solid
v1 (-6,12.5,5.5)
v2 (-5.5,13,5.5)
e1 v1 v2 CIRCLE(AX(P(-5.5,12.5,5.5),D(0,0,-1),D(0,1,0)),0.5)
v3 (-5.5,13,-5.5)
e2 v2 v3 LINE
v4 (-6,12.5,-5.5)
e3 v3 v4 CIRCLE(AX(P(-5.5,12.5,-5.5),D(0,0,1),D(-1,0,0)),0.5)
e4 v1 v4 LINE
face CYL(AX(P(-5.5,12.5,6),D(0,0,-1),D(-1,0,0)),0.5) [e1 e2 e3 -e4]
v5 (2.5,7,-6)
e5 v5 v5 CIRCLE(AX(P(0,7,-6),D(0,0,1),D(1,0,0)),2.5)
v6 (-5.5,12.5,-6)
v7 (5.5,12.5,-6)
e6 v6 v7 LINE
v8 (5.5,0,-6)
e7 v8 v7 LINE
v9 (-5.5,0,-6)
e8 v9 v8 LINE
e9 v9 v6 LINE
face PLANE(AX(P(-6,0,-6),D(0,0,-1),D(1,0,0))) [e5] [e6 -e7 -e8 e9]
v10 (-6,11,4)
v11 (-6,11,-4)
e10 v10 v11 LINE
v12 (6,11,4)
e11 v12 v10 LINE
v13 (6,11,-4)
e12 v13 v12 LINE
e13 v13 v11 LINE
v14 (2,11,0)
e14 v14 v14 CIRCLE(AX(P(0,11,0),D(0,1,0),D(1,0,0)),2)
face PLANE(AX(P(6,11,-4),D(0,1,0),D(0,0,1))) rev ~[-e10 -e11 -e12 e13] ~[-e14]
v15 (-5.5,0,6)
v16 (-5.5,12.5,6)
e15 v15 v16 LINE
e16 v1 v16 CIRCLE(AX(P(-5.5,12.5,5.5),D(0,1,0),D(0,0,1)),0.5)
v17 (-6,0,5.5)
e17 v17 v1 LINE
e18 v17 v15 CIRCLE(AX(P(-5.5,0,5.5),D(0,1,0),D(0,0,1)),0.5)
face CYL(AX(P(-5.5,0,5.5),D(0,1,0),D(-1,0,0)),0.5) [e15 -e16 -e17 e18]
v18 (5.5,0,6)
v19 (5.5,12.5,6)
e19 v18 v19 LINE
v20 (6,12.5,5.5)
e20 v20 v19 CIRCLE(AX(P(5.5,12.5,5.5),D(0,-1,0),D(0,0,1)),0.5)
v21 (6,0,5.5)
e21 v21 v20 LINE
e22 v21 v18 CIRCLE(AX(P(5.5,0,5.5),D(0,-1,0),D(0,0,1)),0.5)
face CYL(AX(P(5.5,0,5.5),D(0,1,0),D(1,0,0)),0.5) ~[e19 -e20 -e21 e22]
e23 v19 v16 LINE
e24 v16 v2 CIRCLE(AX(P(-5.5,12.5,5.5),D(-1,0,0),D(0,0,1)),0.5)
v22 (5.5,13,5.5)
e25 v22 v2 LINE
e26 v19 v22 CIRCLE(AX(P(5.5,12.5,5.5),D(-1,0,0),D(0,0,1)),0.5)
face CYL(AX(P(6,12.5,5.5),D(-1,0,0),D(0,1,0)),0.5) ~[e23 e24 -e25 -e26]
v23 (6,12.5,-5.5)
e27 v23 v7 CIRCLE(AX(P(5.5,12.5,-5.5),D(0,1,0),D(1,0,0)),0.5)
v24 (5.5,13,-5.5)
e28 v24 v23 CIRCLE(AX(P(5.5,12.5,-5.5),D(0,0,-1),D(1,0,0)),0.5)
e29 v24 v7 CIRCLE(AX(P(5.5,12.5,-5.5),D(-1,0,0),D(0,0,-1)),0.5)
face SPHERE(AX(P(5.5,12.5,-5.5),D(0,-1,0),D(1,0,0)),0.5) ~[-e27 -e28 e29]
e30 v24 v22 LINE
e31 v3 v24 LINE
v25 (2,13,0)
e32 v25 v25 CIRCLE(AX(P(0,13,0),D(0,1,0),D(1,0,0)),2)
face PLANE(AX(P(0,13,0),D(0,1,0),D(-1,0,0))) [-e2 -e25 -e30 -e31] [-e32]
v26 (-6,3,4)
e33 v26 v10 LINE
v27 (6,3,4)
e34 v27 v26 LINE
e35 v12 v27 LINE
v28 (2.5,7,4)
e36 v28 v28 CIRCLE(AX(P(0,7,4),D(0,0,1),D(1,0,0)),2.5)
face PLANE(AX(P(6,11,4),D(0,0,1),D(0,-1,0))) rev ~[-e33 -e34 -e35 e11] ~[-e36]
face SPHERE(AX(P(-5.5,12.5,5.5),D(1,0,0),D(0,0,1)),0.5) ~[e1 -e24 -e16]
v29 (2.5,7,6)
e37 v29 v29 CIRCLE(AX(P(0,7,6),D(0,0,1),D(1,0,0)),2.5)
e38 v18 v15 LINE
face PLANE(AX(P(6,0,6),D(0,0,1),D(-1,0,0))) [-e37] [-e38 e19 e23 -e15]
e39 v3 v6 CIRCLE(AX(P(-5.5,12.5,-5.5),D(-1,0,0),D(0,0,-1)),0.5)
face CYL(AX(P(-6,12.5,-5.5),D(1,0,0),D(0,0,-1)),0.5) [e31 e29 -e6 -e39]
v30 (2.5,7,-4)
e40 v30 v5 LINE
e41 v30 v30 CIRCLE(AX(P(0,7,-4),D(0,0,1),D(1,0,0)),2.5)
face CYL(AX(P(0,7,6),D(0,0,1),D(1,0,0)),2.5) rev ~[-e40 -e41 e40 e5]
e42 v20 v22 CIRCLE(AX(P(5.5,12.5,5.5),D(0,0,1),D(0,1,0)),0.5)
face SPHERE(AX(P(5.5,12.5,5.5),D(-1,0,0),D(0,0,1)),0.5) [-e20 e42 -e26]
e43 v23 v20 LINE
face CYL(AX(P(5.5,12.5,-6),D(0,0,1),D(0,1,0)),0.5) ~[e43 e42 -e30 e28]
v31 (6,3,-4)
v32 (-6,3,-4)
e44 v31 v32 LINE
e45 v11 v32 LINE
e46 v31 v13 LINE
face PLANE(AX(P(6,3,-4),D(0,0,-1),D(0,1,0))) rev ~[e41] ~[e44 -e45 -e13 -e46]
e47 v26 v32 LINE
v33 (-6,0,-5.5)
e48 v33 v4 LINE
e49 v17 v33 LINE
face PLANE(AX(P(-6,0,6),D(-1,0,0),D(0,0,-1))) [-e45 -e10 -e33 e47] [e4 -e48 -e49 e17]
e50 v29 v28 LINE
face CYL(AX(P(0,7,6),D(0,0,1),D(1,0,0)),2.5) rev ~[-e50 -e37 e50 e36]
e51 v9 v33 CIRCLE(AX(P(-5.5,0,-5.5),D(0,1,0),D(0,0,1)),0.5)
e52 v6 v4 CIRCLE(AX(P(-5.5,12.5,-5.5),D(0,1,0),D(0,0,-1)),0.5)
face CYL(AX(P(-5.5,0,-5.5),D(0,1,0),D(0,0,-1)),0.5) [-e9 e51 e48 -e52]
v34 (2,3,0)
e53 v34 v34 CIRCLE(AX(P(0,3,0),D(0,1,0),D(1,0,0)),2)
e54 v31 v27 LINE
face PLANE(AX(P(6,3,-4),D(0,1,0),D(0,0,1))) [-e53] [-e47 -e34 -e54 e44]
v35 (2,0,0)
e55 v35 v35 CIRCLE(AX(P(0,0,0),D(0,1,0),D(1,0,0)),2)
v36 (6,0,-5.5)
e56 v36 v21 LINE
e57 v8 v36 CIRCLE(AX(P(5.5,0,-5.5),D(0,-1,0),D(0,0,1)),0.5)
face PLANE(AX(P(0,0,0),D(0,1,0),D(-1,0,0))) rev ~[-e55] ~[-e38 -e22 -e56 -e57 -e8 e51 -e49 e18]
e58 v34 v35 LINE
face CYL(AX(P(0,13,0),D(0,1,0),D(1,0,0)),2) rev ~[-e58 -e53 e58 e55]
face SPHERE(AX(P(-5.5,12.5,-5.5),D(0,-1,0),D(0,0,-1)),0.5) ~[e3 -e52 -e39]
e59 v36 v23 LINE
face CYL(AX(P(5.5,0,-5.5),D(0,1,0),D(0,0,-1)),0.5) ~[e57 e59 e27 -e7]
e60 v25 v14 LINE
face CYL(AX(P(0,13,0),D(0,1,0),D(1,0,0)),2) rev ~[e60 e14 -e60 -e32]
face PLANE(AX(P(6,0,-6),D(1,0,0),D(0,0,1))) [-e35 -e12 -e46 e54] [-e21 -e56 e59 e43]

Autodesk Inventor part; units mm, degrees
ref_plane "YZ Plane" through (0, 0, 0) normal (1, 0, 0) x (0, 1, 0)
ref_plane "XZ Plane" through (0, 0, 0) normal (0, 1, 0) x (-1, 0, 0)
ref_plane "XY Plane" through (0, 0, 0) normal (0, 0, 1) x (1, 0, 0)
sketch "Sketch1" plane through (0, 0, 0) normal (0, 1, 0) x (-1, 0, 0)
  line L0 (6, -6) -> (-6, -6)
  line L1 (-6, -6) -> (-6, 6)
  line L2 (-6, 6) -> (6, 6)
  line L3 (6, 6) -> (6, -6)
  line L4 (6, -6) -> (-6, 6) construction
  line L5 (-6, -6) -> (6, 6) construction
  point P0 (0, 0)
  dimension "d0" = 12
  dimension "d1" = 12
extrude "Extrusion1" add sketch "Sketch1" along normal blind 13
sketch "Sketch2" plane through (6, 0, 6) normal (1, 0, 0) x (0, 0, -1)
  line L0 (0, 0) -> (0, 13) projected
  line L1 (0, 13) -> (12, 13) projected
  line L2 (12, 13) -> (12, 0) projected
  line L3 (12, 0) -> (0, 0) projected
  line L4 (10, 11) -> (2, 11)
  line L5 (2, 11) -> (2, 2)
  line L6 (2, 2) -> (10, 2)
  line L7 (10, 2) -> (10, 11)
  line L8 (2, 11) -> (10, 11)
  line L9 (10, 11) -> (10, 3)
  line L10 (10, 3) -> (2, 3)
  line L11 (2, 3) -> (2, 11)
  point P0 (6, 0)
  dimension "d4" = 2
  dimension "d5" = 8
  dimension "d6" = 8
extrude "Extrusion2" cut sketch "Sketch2" against normal blind 13 contours L7 L10 L5 L4
sketch "Sketch3" plane through (-6, 0, 6) normal (0, 0, 1) x (1, 0, 0)
  line L0 (12, 13) -> (12, 0) projected
  line L1 (12, 0) -> (0, 0) projected
  line L2 (0, 0) -> (0, 13) projected
  line L3 (0, 13) -> (12, 13) projected
  line L4 (0, 13) -> (12, 13)
  line L5 (12, 13) -> (12, 1)
  line L6 (12, 1) -> (0, 1)
  line L7 (0, 1) -> (0, 13)
  line L8 (12, 13) -> (0, 1) construction
  line L9 (0, 13) -> (12, 13) construction
  line L10 (0, 13) -> (12, 1) construction
  circle A0 centre (6, 7) radius 2.5
  point P0 (6, 0)
  dimension "d9" = 12
  dimension "d10" = 12
  dimension "d11" = 5
extrude "Extrusion3" cut sketch "Sketch3" against normal blind 13 contours A0
sketch "Sketch4" plane through (0, 13, 0) normal (0, 1, 0) x (1, 0, 0)
  circle A0 centre (0, 0) radius 2
  dimension "d14" = 4
extrude "Extrusion4" cut sketch "Sketch4" against normal blind 13
fillet "Fillet1" radius 0.5 8 edges at (0, 13, 6) (6, 6.5, 6) (-6, 6.5, 6) (-6, 6.5, -6) (6, 6.5, -6) (6, 13, 0) (0, 13, -6) (-6, 13, 0)
properties part number "Kutup Aki" material "Iron, Cast"
